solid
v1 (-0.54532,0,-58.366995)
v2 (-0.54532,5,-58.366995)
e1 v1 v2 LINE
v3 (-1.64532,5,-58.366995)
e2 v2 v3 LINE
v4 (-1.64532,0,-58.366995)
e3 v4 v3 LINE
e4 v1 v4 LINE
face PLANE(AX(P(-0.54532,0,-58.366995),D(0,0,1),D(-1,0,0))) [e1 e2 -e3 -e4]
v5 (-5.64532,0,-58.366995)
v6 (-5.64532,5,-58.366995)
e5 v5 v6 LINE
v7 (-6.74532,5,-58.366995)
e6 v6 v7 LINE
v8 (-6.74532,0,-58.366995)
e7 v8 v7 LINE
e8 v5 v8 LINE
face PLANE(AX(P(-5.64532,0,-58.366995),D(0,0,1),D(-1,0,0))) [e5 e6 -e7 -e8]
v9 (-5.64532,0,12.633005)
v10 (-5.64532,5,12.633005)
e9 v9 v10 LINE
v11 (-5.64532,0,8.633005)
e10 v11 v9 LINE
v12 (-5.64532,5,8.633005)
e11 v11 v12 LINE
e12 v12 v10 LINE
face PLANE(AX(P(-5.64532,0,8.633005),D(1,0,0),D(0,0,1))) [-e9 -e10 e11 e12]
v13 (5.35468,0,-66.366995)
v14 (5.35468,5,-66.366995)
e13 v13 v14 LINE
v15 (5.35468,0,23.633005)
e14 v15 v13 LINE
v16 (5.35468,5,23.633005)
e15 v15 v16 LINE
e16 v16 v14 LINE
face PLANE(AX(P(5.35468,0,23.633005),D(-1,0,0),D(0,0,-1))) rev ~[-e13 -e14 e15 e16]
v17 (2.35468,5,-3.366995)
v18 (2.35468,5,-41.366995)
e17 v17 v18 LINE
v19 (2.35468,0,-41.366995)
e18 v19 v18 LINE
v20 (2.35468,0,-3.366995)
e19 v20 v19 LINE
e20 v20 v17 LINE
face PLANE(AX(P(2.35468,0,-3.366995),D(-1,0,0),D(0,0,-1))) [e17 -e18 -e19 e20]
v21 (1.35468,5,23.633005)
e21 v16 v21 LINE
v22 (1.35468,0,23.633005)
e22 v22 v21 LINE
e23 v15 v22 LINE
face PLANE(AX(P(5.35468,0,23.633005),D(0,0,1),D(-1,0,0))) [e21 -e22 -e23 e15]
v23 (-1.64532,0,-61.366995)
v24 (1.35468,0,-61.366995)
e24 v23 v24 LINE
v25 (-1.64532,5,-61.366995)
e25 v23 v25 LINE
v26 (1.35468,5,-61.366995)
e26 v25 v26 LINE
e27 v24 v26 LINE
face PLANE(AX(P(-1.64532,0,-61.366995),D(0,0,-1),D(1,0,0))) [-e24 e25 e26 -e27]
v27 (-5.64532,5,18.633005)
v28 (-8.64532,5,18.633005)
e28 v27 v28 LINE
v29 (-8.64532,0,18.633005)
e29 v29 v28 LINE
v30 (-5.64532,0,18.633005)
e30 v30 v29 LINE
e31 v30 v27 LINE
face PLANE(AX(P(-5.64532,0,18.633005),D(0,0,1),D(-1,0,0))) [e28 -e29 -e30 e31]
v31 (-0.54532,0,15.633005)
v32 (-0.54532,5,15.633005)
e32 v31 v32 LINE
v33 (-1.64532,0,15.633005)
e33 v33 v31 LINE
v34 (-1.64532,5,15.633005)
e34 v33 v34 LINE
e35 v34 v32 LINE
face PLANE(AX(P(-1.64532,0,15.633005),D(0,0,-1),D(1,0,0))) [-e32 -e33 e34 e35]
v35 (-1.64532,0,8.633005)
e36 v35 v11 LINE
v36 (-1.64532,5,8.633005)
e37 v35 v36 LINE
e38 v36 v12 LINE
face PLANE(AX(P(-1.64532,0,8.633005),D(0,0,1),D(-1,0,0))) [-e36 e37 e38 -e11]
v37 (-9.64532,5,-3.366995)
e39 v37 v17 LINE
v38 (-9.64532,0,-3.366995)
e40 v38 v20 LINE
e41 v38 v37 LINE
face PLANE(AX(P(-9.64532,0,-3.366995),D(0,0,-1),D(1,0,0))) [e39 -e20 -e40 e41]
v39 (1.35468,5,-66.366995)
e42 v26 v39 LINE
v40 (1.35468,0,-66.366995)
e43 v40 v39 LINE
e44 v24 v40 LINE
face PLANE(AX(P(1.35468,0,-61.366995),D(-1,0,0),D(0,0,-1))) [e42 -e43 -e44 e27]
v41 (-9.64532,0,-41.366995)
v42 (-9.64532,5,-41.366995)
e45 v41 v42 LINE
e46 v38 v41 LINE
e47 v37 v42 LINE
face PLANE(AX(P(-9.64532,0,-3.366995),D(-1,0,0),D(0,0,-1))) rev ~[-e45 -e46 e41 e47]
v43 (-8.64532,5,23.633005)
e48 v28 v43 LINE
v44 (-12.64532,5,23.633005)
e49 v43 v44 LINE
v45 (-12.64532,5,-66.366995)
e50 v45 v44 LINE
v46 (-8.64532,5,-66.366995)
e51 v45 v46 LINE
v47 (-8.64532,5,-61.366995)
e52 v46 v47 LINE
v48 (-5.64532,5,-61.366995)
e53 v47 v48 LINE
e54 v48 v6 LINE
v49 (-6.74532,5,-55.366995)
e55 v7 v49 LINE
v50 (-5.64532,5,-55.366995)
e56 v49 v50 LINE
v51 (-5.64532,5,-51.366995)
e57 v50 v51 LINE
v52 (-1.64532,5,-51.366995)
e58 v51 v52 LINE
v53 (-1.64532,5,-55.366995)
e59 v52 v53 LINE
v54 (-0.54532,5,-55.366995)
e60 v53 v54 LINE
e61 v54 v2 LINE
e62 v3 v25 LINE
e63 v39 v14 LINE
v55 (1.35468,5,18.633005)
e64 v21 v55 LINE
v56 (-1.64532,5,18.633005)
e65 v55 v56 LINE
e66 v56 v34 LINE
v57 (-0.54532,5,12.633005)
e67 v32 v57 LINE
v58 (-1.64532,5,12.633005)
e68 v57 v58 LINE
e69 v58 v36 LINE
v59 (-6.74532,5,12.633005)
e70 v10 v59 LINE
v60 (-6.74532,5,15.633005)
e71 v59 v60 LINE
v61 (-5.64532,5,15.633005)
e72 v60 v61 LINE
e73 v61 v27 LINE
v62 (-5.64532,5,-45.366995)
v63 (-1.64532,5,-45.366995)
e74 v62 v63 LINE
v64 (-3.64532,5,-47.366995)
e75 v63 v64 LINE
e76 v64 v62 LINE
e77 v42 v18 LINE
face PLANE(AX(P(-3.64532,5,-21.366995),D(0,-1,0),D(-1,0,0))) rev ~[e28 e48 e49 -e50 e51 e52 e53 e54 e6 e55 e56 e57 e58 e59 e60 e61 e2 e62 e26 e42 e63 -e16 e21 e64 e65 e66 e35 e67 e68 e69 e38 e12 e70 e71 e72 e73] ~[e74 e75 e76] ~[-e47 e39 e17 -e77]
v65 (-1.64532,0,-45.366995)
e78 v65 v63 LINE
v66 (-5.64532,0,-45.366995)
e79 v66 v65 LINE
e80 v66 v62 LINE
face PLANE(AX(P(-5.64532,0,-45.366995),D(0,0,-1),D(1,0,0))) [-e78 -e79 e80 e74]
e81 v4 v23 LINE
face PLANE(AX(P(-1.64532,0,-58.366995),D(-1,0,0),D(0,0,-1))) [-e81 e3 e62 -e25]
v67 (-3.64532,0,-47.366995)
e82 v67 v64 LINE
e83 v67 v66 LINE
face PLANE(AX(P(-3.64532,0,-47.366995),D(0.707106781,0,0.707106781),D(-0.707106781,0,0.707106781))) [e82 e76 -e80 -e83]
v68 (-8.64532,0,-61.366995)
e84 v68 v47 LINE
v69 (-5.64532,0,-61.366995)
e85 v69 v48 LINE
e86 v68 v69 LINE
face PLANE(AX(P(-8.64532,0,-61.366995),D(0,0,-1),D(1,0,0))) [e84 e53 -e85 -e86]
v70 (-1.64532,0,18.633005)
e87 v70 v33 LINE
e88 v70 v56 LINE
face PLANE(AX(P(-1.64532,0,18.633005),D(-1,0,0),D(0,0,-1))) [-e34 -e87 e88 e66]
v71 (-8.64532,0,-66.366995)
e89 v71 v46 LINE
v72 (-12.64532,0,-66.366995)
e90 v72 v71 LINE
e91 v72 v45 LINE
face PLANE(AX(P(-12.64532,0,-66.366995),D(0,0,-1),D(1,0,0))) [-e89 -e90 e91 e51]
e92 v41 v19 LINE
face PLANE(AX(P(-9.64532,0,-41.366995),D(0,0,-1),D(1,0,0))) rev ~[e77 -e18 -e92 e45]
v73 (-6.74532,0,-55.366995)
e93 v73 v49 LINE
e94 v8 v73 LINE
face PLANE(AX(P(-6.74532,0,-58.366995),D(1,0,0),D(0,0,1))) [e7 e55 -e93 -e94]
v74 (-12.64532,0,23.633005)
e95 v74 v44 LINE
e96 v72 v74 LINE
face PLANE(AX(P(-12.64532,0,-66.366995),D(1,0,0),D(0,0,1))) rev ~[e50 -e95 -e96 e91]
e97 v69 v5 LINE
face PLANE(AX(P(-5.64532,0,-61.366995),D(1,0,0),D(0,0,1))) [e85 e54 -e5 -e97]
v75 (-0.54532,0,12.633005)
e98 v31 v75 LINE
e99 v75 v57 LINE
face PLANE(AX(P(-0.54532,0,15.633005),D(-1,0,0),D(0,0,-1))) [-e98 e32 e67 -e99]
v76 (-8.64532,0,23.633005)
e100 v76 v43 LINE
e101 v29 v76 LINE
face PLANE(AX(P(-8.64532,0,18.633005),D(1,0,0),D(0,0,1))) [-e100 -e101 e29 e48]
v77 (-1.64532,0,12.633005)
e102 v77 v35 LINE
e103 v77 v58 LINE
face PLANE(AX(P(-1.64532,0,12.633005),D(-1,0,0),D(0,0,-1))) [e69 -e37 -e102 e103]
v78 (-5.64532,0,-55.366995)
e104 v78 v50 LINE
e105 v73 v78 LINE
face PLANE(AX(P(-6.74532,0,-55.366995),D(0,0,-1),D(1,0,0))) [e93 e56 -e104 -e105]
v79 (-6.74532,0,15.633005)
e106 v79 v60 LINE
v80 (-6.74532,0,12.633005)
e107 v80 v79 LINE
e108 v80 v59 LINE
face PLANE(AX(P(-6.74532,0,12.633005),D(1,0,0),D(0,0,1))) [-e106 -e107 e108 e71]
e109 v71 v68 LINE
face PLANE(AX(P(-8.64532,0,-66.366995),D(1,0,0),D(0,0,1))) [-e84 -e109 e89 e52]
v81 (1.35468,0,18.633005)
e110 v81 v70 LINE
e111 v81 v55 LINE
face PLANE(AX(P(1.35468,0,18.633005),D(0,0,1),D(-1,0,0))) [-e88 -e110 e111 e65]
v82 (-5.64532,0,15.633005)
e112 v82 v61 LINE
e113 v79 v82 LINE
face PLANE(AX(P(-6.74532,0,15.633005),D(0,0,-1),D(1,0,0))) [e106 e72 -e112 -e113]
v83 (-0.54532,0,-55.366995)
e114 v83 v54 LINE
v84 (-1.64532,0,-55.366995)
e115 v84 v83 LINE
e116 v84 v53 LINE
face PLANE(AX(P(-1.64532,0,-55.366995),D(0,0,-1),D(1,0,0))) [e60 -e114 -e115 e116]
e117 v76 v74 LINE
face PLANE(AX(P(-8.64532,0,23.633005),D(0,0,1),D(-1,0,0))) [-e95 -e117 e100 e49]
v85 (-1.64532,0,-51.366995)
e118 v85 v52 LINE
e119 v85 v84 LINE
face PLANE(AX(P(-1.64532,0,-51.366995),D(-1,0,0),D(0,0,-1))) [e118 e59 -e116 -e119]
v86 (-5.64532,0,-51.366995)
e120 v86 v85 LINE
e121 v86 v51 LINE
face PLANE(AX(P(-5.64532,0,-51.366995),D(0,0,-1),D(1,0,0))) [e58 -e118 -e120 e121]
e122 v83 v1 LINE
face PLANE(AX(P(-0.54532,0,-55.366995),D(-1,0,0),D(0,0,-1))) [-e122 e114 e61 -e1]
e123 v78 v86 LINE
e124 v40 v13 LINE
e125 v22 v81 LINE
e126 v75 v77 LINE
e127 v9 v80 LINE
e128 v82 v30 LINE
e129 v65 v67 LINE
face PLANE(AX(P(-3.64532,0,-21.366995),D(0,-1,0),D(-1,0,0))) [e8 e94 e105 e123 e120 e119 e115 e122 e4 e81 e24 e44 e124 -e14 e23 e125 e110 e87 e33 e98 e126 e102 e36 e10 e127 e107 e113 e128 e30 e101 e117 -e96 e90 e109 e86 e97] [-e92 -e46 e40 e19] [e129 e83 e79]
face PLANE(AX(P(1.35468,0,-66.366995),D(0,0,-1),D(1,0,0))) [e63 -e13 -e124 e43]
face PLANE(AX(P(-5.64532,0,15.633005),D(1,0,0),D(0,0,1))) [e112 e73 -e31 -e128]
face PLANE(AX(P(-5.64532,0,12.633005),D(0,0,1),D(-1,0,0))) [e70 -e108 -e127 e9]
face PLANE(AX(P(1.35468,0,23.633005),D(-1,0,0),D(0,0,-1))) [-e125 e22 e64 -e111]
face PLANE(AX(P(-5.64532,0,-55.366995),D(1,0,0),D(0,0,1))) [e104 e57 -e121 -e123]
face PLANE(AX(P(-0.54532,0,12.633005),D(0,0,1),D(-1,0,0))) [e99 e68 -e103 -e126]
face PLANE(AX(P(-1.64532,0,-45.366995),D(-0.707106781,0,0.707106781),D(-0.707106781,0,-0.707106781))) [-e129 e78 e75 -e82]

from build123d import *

# Parameters (mm, degrees)
SKETCH1_W           = 12
SKETCH1_H           = 38
BOSS_EXTRUDE4_DEPTH = 5


with BuildPart() as part:
    # Sketch1 → Boss-Extrude4 (new body)
    with BuildSketch(Plane(origin=(0, 0, 0), x_dir=(1, 0, 0), z_dir=(0, 1, 0))):
        Polygon((-8.645320197, 61.366995074), (-5.645320197, 61.366995074), (-5.645320197, 58.366995074), (-6.745320197, 58.366995074), (-6.745320197, 55.366995074), (-5.645320197, 55.366995074), (-5.645320197, 51.366995074), (-1.645320197, 51.366995074), (-1.645320197, 55.366995074), (-0.545320197, 55.366995074), (-0.545320197, 58.366995074), (-1.645320197, 58.366995074), (-1.645320197, 61.366995074), (1.354679803, 61.366995074), (1.354679803, 66.366995074), (5.354679803, 66.366995074), (5.354679803, 61.366995074), (5.354679803, 16.366995074), (5.354679803, -3.633004926), (5.354679803, -18.633004926), (5.354679803, -23.633004926), (1.354679803, -23.633004926), (1.354679803, -18.633004926), (-1.645320197, -18.633004926), (-1.645320197, -15.633004926), (-0.545320197, -15.633004926), (-0.545320197, -12.633004926), (-1.645320197, -12.633004926), (-1.645320197, -8.633004926), (-5.645320197, -8.633004926), (-5.645320197, -12.633004926), (-6.745320197, -12.633004926), (-6.745320197, -15.633004926), (-5.645320197, -15.633004926), (-5.645320197, -18.633004926), (-8.645320197, -18.633004926), (-8.645320197, -23.633004926), (-12.645320197, -23.633004926), (-12.645320197, -18.633004926), (-12.645320197, -3.633004926), (-12.645320197, 16.366995074), (-12.645320197, 61.366995074), (-12.645320197, 66.366995074), (-8.645320197, 66.366995074), align=None)
        with Locations((-3.645320197, 22.366995074)):
            Rectangle(SKETCH1_W, SKETCH1_H, mode=Mode.SUBTRACT)
        Polygon((-5.645320197, 45.366995074), (-1.645320197, 45.366995074), (-3.645320197, 47.366995074), align=None, mode=Mode.SUBTRACT)
    extrude(amount=BOSS_EXTRUDE4_DEPTH)


solid = part.part
